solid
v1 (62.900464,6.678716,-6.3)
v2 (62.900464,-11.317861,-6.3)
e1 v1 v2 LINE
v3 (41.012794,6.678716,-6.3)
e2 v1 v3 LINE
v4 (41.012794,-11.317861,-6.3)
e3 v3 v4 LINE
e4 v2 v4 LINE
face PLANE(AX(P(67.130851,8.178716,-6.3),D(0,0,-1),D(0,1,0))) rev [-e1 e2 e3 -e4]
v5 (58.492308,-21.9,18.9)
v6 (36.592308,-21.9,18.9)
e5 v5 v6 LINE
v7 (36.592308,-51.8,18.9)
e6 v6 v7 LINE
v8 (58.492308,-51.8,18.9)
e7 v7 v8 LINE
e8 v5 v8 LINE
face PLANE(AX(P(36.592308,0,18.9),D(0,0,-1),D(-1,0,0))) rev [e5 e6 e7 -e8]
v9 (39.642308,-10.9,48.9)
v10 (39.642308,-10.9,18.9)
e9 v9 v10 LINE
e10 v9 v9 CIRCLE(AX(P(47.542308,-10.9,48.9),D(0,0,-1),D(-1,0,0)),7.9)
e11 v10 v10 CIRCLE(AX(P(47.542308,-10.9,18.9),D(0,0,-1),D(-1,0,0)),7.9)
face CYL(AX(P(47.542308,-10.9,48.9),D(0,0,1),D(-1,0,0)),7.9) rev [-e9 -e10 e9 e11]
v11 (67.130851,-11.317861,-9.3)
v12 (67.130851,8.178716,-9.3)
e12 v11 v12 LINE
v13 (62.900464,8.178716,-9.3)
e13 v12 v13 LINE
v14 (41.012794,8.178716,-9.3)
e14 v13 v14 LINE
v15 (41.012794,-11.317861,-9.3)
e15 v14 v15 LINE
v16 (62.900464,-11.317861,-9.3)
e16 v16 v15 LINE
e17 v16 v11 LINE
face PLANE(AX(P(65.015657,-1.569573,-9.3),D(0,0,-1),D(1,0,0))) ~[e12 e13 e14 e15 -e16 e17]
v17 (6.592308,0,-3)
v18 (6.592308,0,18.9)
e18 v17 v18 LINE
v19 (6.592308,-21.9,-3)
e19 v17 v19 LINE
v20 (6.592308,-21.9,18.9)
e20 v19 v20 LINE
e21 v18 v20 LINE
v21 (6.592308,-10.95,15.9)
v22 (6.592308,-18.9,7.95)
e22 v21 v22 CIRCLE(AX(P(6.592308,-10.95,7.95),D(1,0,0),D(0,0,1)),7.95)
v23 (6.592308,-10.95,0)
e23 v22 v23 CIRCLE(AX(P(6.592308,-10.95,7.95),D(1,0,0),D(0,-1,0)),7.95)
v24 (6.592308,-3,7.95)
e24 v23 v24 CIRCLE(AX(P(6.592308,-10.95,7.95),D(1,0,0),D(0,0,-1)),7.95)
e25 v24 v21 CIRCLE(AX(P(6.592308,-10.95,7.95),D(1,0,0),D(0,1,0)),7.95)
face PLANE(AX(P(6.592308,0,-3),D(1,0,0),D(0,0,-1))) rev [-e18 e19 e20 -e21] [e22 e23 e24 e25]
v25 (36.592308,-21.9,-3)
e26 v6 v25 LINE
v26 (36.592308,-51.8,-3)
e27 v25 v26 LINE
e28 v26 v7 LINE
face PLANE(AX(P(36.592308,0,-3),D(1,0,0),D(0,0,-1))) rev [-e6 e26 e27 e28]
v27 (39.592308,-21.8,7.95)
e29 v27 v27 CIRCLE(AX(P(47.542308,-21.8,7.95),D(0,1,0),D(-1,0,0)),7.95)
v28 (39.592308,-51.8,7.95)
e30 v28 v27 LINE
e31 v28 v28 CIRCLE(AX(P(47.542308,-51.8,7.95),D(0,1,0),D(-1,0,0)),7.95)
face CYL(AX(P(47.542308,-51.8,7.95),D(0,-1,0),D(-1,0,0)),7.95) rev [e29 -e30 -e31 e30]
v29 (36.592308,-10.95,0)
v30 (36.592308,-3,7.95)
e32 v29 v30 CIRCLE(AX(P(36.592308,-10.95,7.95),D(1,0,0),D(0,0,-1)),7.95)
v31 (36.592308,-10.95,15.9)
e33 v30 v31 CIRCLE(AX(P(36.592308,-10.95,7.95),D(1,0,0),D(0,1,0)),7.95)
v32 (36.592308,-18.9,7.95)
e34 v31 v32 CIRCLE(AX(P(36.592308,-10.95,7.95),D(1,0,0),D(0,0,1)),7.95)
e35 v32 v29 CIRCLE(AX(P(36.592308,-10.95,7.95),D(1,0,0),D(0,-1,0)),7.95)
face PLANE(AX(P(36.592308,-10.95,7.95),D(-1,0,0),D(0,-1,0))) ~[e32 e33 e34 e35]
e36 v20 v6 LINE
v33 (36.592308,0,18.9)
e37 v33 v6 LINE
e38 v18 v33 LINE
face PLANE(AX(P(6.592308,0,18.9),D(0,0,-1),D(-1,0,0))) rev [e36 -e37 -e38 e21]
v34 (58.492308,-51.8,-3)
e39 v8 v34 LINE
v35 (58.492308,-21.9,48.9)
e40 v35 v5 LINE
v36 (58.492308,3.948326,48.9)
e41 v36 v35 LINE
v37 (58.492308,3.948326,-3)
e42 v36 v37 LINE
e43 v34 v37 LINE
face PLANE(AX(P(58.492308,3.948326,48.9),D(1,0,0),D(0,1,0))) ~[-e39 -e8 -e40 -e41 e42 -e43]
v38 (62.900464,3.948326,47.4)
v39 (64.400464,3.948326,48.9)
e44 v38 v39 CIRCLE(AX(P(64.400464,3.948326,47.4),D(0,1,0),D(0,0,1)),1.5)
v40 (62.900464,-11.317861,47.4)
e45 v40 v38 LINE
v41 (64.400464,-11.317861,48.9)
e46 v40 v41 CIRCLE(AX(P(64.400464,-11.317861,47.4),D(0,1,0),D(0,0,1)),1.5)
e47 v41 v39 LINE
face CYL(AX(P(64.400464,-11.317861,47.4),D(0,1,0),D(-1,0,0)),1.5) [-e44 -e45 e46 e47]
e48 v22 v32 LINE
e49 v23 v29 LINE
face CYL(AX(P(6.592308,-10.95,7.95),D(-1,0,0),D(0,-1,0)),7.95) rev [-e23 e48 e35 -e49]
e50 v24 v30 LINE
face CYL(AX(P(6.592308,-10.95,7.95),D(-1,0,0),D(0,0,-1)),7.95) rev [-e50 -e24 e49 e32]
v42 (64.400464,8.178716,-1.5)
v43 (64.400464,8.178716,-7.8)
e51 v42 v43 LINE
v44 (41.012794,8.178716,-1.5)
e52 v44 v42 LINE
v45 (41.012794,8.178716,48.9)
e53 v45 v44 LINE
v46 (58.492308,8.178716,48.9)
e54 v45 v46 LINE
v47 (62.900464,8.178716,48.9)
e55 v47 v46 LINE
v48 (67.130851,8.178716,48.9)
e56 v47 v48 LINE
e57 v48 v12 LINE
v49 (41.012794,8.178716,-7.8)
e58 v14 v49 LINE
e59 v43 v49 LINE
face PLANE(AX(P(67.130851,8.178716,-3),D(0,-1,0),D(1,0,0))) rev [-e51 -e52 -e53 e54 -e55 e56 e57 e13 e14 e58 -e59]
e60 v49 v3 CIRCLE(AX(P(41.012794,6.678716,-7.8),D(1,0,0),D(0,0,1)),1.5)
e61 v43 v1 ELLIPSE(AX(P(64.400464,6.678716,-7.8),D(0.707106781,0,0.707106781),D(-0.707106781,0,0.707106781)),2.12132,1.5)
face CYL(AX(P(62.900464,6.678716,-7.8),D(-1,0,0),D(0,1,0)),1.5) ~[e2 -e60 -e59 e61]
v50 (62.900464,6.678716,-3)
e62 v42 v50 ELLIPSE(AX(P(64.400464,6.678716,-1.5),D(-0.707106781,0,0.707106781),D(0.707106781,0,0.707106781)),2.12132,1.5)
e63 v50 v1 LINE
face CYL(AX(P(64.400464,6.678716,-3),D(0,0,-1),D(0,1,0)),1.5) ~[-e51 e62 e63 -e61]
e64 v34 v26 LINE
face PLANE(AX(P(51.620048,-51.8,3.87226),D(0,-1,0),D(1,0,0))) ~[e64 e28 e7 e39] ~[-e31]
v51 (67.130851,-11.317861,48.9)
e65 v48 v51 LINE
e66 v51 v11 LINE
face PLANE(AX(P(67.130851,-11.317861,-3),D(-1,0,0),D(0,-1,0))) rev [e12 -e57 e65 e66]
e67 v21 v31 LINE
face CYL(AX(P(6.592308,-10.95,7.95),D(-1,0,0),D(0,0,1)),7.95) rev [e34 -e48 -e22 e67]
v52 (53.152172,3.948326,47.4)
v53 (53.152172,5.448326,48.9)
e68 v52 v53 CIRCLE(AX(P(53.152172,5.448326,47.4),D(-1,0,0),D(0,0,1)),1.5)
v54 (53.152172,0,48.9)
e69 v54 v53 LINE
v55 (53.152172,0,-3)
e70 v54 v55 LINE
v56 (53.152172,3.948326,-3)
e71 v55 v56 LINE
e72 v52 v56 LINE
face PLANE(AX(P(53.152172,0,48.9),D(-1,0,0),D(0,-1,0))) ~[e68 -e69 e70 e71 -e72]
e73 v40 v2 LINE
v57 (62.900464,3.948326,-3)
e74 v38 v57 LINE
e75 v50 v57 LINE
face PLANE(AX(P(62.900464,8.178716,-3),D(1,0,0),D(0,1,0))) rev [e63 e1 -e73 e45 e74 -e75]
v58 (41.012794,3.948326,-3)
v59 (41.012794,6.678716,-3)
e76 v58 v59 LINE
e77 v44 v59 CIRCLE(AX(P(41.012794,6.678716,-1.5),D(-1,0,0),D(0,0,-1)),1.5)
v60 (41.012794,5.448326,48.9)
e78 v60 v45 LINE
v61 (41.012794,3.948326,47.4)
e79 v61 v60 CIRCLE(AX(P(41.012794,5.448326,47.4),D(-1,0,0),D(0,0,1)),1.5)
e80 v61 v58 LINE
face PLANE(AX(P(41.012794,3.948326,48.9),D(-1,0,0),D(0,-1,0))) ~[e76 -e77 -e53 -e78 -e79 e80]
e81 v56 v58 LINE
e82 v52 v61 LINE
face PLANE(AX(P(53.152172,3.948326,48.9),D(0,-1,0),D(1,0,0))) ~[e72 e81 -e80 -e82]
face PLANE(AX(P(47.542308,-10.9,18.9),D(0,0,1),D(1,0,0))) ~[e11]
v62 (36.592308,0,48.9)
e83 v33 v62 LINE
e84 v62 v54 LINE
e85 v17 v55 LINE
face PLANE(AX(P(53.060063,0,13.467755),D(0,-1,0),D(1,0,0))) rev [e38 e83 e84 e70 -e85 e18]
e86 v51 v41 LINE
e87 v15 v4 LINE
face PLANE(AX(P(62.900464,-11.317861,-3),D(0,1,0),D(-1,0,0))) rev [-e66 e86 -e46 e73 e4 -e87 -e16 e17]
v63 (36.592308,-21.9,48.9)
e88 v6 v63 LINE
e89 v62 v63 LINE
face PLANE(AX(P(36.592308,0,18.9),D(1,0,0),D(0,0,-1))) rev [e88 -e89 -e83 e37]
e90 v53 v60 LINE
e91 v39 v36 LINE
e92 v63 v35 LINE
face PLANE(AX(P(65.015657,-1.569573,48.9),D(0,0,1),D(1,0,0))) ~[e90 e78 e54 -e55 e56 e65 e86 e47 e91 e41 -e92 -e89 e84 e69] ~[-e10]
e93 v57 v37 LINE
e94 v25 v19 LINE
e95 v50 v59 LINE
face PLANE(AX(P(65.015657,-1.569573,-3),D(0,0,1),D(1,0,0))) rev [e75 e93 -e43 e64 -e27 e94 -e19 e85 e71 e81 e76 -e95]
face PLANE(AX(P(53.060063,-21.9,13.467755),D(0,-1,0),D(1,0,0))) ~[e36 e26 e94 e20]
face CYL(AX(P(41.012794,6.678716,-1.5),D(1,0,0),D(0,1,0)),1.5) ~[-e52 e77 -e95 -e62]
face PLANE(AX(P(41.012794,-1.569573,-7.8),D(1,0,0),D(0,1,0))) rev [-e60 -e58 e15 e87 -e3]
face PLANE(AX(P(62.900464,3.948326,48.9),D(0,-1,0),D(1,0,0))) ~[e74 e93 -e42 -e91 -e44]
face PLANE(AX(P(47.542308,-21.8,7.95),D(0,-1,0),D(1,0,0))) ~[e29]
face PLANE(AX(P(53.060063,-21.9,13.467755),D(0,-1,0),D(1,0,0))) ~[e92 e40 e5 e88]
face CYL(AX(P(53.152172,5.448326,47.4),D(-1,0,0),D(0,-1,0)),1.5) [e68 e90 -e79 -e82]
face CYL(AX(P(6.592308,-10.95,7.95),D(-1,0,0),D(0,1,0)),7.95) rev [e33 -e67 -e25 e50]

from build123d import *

# Parameters (mm, degrees)
F0_W      = 27
F0_H      = 15.9
F0_W_2    = 15.9
F0_H_2    = 27
F0_W_3    = 3
F0_H_3    = 3
F1_DEPTH  = 21.9
F2_DEPTH  = 51.8
F3_R      = 7.95
F6_DEPTH  = 30
F7_DEPTH  = 30
F4_R      = 7.9
F8_DEPTH  = 30
F10_W     = 4.4081552195
F10_H     = 4.2303893715
F11_DEPTH = 51.9
F13_DEPTH = 6.3
F14_W     = 19.4965768605
F14_H     = 3
F15_DEPTH = 26.1180568486
F16_R     = 1.5


with BuildPart() as f1:
    # F0 (on Front) → F1 (new body)
    with BuildSketch(Plane.XZ):
        with BuildLine():
            Line((-34.3576915575, 15.9), (-42.3076915575, 15.9))
            Line((-42.3076915575, 15.9), (-42.3076915575, 7.9499999931))
            ThreePointArc((-42.3076915575, 7.9499999931), (-39.9791904704, 13.571498908), (-34.3576915575, 15.9))
        make_face()
        with BuildLine():
            ThreePointArc((-34.3576915575, 15.9), (-39.9791904704, 13.571498908), (-42.3076915575, 7.9499999931))
            ThreePointArc((-42.3076915575, 7.9499999931), (-39.9791904655, 2.3285010871), (-34.3576915575, 0))
            ThreePointArc((-34.3576915575, 0), (-28.7361926471, 2.3285010896), (-26.4076915575, 7.95))
            ThreePointArc((-26.4076915575, 7.95), (-28.7361926471, 13.5714989104), (-34.3576915575, 15.9))
        make_face()
        Polygon((-42.3076915575, 18.9), (-42.3076915575, 45.9), (-26.4076915575, 45.9), (-26.4076915575, 18.9), (-23.4076915575, 18.9), (-23.4076915575, 48.9), (-45.3076915575, 48.9), (-45.3076915575, 18.9), align=None)
        with Locations((-9.9076915575, 7.95)):
            Rectangle(F0_W, F0_H)
        with Locations((-34.3576915575, 32.4)):
            Rectangle(F0_W_2, F0_H_2)
        with BuildLine():
            ThreePointArc((-34.3576915575, 0), (-39.9791904655, 2.3285010871), (-42.3076915575, 7.9499999931))
            Line((-42.3076915575, 7.9499999931), (-42.3076915575, 0))
            Line((-42.3076915575, 0), (-34.3576915575, 0))
        make_face()
        with BuildLine():
            Line((-26.4076915575, 0), (-26.4076915575, 7.95))
            ThreePointArc((-26.4076915575, 7.95), (-28.7361926471, 2.3285010896), (-34.3576915575, 0))
            Line((-34.3576915575, 0), (-26.4076915575, 0))
        make_face()
        with BuildLine():
            Line((-26.4076915575, 7.95), (-26.4076915575, 15.9))
            Line((-26.4076915575, 15.9), (-34.3576915575, 15.9))
            ThreePointArc((-34.3576915575, 15.9), (-28.7361926471, 13.5714989104), (-26.4076915575, 7.95))
        make_face()
        Polygon((6.5923084425, 18.9), (-23.4076915575, 18.9), (-23.4076915575, 15.9), (3.5923084425, 15.9), (3.5923084425, 0), (-23.4076915575, 0), (-23.4076915575, -3), (6.5923084425, -3), align=None)
        Polygon((-26.4076915575, 18.9), (-42.3076915575, 18.9), (-42.3076915575, 15.9), (-34.3576915575, 15.9), (-26.4076915575, 15.9), align=None)
        Polygon((-23.4076915575, 15.9), (-26.4076915575, 15.9), (-26.4076915575, 7.95), (-26.4076915575, 0), (-23.4076915575, 0), align=None)
        Polygon((-42.3076915575, 15.9), (-42.3076915575, 18.9), (-45.3076915575, 18.9), (-45.3076915575, -3), (-23.4076915575, -3), (-23.4076915575, 0), (-26.4076915575, 0), (-34.3576915575, 0), (-42.3076915575, 0), (-42.3076915575, 7.9499999931), align=None)
        with Locations((-24.9076915575, 17.4)):
            Rectangle(F0_W_3, F0_H_3)
    extrude(amount=F1_DEPTH)

    # F0 (on Front) → F2 (join)
    with BuildSketch(Plane.XZ):
        Polygon((-42.3076915575, 15.9), (-42.3076915575, 18.9), (-45.3076915575, 18.9), (-45.3076915575, -3), (-23.4076915575, -3), (-23.4076915575, 0), (-26.4076915575, 0), (-34.3576915575, 0), (-42.3076915575, 0), (-42.3076915575, 7.9499999931), align=None)
        with BuildLine():
            ThreePointArc((-34.3576915575, 15.9), (-39.9791904704, 13.571498908), (-42.3076915575, 7.9499999931))
            ThreePointArc((-42.3076915575, 7.9499999931), (-39.9791904655, 2.3285010871), (-34.3576915575, 0))
            ThreePointArc((-34.3576915575, 0), (-28.7361926471, 2.3285010896), (-26.4076915575, 7.95))
            ThreePointArc((-26.4076915575, 7.95), (-28.7361926471, 13.5714989104), (-34.3576915575, 15.9))
        make_face()
        Polygon((-26.4076915575, 18.9), (-42.3076915575, 18.9), (-42.3076915575, 15.9), (-34.3576915575, 15.9), (-26.4076915575, 15.9), align=None)
        Polygon((-23.4076915575, 15.9), (-26.4076915575, 15.9), (-26.4076915575, 7.95), (-26.4076915575, 0), (-23.4076915575, 0), align=None)
        with Locations((-24.9076915575, 17.4)):
            Rectangle(F0_W_3, F0_H_3)
        with BuildLine():
            Line((-26.4076915575, 7.95), (-26.4076915575, 15.9))
            Line((-26.4076915575, 15.9), (-34.3576915575, 15.9))
            ThreePointArc((-34.3576915575, 15.9), (-28.7361926471, 13.5714989104), (-26.4076915575, 7.95))
        make_face()
        with BuildLine():
            Line((-34.3576915575, 15.9), (-42.3076915575, 15.9))
            Line((-42.3076915575, 15.9), (-42.3076915575, 7.9499999931))
            ThreePointArc((-42.3076915575, 7.9499999931), (-39.9791904704, 13.571498908), (-34.3576915575, 15.9))
        make_face()
        with BuildLine():
            ThreePointArc((-34.3576915575, 0), (-39.9791904655, 2.3285010871), (-42.3076915575, 7.9499999931))
            Line((-42.3076915575, 7.9499999931), (-42.3076915575, 0))
            Line((-42.3076915575, 0), (-34.3576915575, 0))
        make_face()
        with BuildLine():
            Line((-26.4076915575, 0), (-26.4076915575, 7.95))
            ThreePointArc((-26.4076915575, 7.95), (-28.7361926471, 2.3285010896), (-34.3576915575, 0))
            Line((-34.3576915575, 0), (-26.4076915575, 0))
        make_face()
    extrude(amount=F2_DEPTH)

    # F3 (on face) → F6 (cut)
    with BuildSketch(Plane.XZ.offset(51.8)):
        with Locations((-34.3576915575, 7.95)):
            Circle(F3_R)
    extrude(amount=-F6_DEPTH, mode=Mode.SUBTRACT)

    # F5 (on face) → F7 (cut)
    with BuildSketch(Plane.YZ.offset(6.5923084425)):
        with BuildLine():
            ThreePointArc((-3, 7.95), (-5.3285010896, 13.5714989104), (-10.95, 15.9))
            ThreePointArc((-10.95, 15.9), (-16.5714989104, 13.5714989104), (-18.9, 7.95))
            ThreePointArc((-18.9, 7.95), (-16.5714989104, 2.3285010896), (-10.95, 0))
            ThreePointArc((-10.95, 0), (-5.3285010896, 2.3285010896), (-3, 7.95))
        make_face()
    extrude(amount=-F7_DEPTH, mode=Mode.SUBTRACT)

    # F4 (on face) → F8 (cut)
    with BuildSketch(Plane.XY.offset(48.9)):
        with Locations((-34.3576915575, -10.9)):
            Circle(F4_R)
    extrude(amount=-F8_DEPTH, mode=Mode.SUBTRACT)

    # F10 (on face) → F11 (join)
    with BuildSketch(Plane.XY.offset(48.9)):
        Polygon((-49.715846777, -11.3178612664), (-49.715846777, 3.9483262226), (-49.715846777, 8.1787155941), (-53.9462342858, 8.1787155941), (-53.9462342858, -11.3178612664), align=None)
        with Locations((-47.5117691672, 6.0635209084)):
            Rectangle(F10_W, F10_H)
        Polygon((-45.3076915575, 3.9483262226), (-45.3076915575, 0), (-39.9675555527, 0), (-39.9675555527, 3.9483262226), (-27.8281774372, 3.9483262226), (-27.8281774372, 8.1787155941), (-45.3076915575, 8.1787155941), align=None)
    extrude(amount=-F11_DEPTH)

    # F12 (on face) → F13 (join)
    with BuildSketch(Plane(origin=(0, 0, -3), x_dir=(1, 0, 0), z_dir=(0, 0, -1))):
        Polygon((-49.715846777, -8.1787155941), (-49.715846777, -3.9483262226), (-49.715846777, 11.3178612664), (-53.9462342858, 11.3178612664), (-53.9462342858, -8.1787155941), align=None)
    extrude(amount=F13_DEPTH)

    # F14 (on face) → F15 (join, through all)
    with BuildSketch(Plane(origin=(-53.9462342858, 0, 0), x_dir=(0, -1, 0), z_dir=(-1, 0, 0))):
        with Locations((1.5695728362, -7.8)):
            Rectangle(F14_W, F14_H)
    extrude(amount=-F15_DEPTH)

    # F16
    f16_edges = [f1.edges().sort_by_distance(p)[0] for p in [
        (-38.772012, 8.178716, -6.3),
        (-38.772012, 8.178716, -3),
        (-33.897866, 3.948326, 48.9),
        (-49.715847, -3.684768, 48.9),
        (-49.715847, 8.178716, -4.65),
    ]]
    fillet(f16_edges, radius=F16_R)


with BuildPart() as f17_1:
    # F17: instance of F1
    add(f1.part.mirror(Plane(origin=(6.5923084425, -10.95, 7.95), x_dir=(0, 1, 0), z_dir=(1, 0, 0))))


solid = f17_1.part
